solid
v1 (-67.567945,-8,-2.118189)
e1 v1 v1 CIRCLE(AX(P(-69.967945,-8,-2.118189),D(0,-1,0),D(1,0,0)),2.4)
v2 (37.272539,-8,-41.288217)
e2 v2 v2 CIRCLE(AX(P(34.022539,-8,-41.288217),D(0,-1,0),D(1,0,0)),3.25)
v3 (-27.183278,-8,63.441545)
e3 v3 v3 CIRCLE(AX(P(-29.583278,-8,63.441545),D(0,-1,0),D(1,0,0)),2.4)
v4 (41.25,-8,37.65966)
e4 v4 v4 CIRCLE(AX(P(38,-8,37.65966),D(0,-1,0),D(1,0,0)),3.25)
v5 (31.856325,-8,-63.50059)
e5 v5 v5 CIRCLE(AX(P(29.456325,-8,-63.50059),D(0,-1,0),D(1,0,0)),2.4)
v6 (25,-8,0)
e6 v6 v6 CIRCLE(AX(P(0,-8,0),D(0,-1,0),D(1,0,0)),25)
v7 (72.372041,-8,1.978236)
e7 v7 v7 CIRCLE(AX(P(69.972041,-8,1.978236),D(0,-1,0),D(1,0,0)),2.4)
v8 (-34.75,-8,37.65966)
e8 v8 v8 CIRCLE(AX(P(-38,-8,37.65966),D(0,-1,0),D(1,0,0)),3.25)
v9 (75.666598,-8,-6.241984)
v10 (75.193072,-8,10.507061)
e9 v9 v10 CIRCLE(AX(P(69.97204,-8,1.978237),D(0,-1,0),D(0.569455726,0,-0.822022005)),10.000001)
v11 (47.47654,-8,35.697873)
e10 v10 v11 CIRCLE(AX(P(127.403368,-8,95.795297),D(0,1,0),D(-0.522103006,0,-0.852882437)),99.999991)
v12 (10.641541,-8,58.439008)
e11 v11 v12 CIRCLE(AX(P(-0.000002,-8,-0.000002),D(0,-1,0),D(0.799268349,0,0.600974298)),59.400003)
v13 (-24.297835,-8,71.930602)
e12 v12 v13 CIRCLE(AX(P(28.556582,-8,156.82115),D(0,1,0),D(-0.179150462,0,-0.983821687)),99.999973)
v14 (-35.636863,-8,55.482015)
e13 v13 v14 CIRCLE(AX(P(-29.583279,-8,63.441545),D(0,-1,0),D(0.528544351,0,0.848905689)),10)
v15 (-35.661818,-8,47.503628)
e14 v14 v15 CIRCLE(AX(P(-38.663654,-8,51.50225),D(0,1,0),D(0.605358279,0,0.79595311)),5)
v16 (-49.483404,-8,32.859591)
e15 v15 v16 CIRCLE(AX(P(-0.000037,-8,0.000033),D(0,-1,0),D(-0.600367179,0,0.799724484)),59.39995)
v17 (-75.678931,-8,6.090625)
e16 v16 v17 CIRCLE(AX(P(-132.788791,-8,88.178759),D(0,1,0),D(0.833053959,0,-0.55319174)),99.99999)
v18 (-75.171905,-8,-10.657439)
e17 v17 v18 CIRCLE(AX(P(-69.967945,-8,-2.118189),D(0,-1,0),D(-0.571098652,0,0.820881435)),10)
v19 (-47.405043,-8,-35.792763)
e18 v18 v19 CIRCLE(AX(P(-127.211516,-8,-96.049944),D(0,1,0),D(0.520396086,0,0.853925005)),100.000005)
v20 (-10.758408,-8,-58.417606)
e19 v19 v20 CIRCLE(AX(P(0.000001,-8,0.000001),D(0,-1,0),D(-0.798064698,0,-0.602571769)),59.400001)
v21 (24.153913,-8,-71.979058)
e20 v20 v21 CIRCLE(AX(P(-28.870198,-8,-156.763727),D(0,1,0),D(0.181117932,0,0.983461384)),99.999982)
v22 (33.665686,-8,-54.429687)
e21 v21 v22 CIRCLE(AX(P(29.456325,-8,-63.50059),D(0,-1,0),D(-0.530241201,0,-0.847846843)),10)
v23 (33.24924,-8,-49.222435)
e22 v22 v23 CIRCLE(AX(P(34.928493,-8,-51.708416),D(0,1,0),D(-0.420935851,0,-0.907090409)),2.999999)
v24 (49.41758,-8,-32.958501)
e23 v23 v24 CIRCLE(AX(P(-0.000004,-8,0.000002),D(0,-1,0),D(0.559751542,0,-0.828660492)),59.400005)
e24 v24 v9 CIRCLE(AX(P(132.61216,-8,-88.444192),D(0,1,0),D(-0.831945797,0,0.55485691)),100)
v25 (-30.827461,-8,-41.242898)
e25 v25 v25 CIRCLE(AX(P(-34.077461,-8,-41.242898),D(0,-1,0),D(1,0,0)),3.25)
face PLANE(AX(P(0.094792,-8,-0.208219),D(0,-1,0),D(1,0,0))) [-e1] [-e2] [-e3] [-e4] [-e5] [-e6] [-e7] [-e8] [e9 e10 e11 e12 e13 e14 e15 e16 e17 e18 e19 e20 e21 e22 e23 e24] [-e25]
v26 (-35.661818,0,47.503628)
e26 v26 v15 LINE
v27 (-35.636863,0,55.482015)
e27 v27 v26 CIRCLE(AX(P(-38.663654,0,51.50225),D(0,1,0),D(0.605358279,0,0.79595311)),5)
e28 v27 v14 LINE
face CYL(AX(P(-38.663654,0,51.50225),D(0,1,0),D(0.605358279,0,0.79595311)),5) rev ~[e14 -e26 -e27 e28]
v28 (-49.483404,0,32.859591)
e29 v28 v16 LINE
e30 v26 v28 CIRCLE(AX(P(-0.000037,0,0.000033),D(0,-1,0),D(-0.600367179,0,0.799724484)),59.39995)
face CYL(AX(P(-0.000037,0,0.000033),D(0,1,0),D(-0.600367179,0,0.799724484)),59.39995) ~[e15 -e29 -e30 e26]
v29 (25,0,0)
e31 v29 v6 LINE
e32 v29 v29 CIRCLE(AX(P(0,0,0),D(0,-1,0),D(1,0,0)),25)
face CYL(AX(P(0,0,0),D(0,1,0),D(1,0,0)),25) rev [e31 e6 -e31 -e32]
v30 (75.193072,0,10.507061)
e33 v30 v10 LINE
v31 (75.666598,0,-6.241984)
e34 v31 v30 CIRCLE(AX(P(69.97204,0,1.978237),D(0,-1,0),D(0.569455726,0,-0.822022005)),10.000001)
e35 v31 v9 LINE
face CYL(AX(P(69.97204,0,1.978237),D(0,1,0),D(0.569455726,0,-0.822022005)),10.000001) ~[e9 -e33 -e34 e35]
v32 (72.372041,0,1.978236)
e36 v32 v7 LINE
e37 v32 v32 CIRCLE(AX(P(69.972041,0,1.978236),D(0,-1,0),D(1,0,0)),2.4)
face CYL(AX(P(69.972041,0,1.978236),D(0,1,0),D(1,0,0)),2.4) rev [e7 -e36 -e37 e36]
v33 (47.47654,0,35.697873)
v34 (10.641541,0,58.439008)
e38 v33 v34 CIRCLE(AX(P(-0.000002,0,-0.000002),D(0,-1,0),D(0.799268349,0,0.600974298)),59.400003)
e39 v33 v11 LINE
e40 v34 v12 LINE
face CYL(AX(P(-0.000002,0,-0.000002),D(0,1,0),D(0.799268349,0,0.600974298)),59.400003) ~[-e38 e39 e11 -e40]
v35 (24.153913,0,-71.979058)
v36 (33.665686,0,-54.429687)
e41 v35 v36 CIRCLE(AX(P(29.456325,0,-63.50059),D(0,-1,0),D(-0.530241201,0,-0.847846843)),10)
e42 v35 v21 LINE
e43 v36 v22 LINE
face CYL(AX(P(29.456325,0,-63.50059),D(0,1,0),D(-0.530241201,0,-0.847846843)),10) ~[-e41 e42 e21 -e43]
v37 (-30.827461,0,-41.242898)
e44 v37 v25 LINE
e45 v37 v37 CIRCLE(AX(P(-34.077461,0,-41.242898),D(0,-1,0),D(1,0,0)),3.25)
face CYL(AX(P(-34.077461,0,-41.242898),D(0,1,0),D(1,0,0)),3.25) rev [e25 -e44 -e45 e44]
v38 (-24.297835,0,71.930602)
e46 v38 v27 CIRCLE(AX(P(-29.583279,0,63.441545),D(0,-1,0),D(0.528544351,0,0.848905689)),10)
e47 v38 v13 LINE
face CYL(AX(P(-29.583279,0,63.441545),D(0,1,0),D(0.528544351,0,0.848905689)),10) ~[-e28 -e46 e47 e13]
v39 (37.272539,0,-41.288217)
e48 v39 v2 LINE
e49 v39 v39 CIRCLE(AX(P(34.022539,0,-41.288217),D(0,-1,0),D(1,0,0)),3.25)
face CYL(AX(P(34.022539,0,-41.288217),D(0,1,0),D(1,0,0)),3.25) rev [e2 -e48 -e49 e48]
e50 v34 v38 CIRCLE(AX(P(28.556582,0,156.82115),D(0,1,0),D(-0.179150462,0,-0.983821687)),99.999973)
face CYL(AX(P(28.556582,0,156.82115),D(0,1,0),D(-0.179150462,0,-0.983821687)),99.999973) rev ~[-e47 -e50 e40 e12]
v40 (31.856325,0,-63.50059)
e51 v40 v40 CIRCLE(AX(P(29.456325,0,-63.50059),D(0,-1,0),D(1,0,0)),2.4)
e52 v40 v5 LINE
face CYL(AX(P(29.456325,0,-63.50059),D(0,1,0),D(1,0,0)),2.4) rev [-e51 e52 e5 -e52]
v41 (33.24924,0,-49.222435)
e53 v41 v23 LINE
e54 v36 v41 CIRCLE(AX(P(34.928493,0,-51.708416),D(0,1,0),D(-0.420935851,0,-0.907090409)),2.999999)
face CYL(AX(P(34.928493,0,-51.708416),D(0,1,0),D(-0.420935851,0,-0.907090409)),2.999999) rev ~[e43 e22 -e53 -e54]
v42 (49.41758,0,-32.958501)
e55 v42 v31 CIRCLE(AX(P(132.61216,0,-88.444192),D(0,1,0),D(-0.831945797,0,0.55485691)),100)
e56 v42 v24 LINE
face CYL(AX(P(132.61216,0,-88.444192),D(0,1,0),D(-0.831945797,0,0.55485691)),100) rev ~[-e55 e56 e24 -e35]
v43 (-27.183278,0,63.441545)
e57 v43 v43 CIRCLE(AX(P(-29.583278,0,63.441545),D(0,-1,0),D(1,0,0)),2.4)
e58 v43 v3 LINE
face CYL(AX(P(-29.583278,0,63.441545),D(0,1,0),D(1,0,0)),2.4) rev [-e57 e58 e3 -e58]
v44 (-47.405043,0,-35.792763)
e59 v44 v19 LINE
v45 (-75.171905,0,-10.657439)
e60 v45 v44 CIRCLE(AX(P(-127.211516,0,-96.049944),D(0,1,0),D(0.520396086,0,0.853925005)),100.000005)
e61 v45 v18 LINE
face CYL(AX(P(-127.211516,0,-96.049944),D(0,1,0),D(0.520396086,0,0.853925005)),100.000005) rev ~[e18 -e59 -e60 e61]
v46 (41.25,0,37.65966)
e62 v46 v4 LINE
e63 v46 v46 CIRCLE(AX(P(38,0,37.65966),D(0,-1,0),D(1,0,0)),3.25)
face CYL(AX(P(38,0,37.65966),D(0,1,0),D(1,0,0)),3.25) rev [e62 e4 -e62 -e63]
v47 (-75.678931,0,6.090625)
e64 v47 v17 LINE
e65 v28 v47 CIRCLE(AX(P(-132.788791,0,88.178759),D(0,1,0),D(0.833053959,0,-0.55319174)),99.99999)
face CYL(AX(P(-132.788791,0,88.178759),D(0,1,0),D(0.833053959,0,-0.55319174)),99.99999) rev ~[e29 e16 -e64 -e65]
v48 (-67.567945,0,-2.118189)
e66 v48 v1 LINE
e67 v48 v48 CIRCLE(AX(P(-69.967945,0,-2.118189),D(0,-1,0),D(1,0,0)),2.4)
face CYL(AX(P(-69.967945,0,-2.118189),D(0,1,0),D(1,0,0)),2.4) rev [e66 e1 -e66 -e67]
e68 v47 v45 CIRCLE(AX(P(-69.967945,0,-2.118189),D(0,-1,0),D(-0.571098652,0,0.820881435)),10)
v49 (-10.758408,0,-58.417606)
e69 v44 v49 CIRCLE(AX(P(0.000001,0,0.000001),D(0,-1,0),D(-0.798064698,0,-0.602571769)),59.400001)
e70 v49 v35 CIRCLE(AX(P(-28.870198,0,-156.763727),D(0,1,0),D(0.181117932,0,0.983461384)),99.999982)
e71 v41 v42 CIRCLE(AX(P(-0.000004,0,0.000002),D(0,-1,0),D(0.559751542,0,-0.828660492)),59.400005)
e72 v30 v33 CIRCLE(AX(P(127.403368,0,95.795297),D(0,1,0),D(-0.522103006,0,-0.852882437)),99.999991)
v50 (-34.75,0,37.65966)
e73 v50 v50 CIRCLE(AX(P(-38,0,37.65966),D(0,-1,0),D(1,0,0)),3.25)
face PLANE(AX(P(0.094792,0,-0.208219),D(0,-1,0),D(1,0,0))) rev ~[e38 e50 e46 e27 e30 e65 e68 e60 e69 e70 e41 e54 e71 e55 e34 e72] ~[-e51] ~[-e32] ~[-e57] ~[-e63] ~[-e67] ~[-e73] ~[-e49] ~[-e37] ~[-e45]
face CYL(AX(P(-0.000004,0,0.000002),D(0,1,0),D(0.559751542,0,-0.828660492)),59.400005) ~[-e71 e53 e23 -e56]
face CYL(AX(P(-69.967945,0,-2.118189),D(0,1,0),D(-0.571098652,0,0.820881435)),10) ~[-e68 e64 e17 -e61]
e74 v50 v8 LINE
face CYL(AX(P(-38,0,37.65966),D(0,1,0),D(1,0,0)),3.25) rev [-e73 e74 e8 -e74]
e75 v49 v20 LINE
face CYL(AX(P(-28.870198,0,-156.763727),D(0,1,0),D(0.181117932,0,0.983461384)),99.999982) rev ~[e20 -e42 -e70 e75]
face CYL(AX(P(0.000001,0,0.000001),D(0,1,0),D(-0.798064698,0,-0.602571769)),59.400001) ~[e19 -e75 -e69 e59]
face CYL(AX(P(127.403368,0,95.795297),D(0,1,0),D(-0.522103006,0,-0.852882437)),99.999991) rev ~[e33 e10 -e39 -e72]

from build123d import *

# Parameters (mm, degrees)
F0_R     = 3.25
F0_R_2   = 2.4
F0_R_3   = 25
F1_DEPTH = 8


with BuildPart() as f1:
    # F0 (on Front) → F1 (new body)
    with BuildSketch(Plane.XZ):
        with BuildLine():
            ThreePointArc((-35.636863, 55.482015), (-33.663679, 51.486611), (-35.661818, 47.503628))
            ThreePointArc((-35.661818, 47.503628), (-43.197676, 40.771569), (-49.483404, 32.859591))
            ThreePointArc((-49.483404, 32.859591), (-61.316735, 18.237762), (-75.678931, 6.090625))
            ThreePointArc((-75.678931, 6.090625), (-79.963365, -2.420787), (-75.171905, -10.657439))
            ThreePointArc((-75.171905, -10.657439), (-60.101207, -21.913533), (-47.405043, -35.792763))
            ThreePointArc((-47.405043, -35.792763), (-31.204449, -50.54347), (-10.758408, -58.417606))
            ThreePointArc((-10.758408, -58.417606), (7.338328, -63.549248), (24.153913, -71.979058))
            ThreePointArc((24.153913, -71.979058), (38.248014, -68.265692), (33.665686, -54.429687))
            ThreePointArc((33.665686, -54.429687), (31.938042, -51.947575), (33.24924, -49.222435))
            ThreePointArc((33.24924, -49.222435), (42.12576, -41.878161), (49.41758, -32.958501))
            ThreePointArc((49.41758, -32.958501), (61.280134, -18.36037), (75.666598, -6.241984))
            ThreePointArc((75.666598, -6.241984), (79.968047, 2.260842), (75.193072, 10.507061))
            ThreePointArc((75.193072, 10.507061), (60.144918, 21.793276), (47.47654, 35.697873))
            ThreePointArc((47.47654, 35.697873), (31.204449, 50.54347), (10.641541, 58.439008))
            ThreePointArc((10.641541, 58.439008), (-7.465423, 63.534443), (-24.297835, 71.930602))
            ThreePointArc((-24.297835, 71.930602), (-37.816535, 69.117238), (-35.636863, 55.482015))
        make_face()
        with Locations((-34.077461, -41.242898)):
            Circle(F0_R, mode=Mode.SUBTRACT)
        with Locations((-69.967945, -2.118189)):
            Circle(F0_R_2, mode=Mode.SUBTRACT)
        with Locations((29.456325, -63.50059)):
            Circle(F0_R_2, mode=Mode.SUBTRACT)
        with Locations((34.022539, -41.288217)):
            Circle(F0_R, mode=Mode.SUBTRACT)
        Circle(F0_R_3, mode=Mode.SUBTRACT)
        with Locations((-38, 37.65966)):
            Circle(F0_R, mode=Mode.SUBTRACT)
        with Locations((-29.583278, 63.441545)):
            Circle(F0_R_2, mode=Mode.SUBTRACT)
        with Locations((69.972041, 1.978236)):
            Circle(F0_R_2, mode=Mode.SUBTRACT)
        with Locations((38, 37.65966)):
            Circle(F0_R, mode=Mode.SUBTRACT)
    extrude(amount=F1_DEPTH)


solid = f1.part
